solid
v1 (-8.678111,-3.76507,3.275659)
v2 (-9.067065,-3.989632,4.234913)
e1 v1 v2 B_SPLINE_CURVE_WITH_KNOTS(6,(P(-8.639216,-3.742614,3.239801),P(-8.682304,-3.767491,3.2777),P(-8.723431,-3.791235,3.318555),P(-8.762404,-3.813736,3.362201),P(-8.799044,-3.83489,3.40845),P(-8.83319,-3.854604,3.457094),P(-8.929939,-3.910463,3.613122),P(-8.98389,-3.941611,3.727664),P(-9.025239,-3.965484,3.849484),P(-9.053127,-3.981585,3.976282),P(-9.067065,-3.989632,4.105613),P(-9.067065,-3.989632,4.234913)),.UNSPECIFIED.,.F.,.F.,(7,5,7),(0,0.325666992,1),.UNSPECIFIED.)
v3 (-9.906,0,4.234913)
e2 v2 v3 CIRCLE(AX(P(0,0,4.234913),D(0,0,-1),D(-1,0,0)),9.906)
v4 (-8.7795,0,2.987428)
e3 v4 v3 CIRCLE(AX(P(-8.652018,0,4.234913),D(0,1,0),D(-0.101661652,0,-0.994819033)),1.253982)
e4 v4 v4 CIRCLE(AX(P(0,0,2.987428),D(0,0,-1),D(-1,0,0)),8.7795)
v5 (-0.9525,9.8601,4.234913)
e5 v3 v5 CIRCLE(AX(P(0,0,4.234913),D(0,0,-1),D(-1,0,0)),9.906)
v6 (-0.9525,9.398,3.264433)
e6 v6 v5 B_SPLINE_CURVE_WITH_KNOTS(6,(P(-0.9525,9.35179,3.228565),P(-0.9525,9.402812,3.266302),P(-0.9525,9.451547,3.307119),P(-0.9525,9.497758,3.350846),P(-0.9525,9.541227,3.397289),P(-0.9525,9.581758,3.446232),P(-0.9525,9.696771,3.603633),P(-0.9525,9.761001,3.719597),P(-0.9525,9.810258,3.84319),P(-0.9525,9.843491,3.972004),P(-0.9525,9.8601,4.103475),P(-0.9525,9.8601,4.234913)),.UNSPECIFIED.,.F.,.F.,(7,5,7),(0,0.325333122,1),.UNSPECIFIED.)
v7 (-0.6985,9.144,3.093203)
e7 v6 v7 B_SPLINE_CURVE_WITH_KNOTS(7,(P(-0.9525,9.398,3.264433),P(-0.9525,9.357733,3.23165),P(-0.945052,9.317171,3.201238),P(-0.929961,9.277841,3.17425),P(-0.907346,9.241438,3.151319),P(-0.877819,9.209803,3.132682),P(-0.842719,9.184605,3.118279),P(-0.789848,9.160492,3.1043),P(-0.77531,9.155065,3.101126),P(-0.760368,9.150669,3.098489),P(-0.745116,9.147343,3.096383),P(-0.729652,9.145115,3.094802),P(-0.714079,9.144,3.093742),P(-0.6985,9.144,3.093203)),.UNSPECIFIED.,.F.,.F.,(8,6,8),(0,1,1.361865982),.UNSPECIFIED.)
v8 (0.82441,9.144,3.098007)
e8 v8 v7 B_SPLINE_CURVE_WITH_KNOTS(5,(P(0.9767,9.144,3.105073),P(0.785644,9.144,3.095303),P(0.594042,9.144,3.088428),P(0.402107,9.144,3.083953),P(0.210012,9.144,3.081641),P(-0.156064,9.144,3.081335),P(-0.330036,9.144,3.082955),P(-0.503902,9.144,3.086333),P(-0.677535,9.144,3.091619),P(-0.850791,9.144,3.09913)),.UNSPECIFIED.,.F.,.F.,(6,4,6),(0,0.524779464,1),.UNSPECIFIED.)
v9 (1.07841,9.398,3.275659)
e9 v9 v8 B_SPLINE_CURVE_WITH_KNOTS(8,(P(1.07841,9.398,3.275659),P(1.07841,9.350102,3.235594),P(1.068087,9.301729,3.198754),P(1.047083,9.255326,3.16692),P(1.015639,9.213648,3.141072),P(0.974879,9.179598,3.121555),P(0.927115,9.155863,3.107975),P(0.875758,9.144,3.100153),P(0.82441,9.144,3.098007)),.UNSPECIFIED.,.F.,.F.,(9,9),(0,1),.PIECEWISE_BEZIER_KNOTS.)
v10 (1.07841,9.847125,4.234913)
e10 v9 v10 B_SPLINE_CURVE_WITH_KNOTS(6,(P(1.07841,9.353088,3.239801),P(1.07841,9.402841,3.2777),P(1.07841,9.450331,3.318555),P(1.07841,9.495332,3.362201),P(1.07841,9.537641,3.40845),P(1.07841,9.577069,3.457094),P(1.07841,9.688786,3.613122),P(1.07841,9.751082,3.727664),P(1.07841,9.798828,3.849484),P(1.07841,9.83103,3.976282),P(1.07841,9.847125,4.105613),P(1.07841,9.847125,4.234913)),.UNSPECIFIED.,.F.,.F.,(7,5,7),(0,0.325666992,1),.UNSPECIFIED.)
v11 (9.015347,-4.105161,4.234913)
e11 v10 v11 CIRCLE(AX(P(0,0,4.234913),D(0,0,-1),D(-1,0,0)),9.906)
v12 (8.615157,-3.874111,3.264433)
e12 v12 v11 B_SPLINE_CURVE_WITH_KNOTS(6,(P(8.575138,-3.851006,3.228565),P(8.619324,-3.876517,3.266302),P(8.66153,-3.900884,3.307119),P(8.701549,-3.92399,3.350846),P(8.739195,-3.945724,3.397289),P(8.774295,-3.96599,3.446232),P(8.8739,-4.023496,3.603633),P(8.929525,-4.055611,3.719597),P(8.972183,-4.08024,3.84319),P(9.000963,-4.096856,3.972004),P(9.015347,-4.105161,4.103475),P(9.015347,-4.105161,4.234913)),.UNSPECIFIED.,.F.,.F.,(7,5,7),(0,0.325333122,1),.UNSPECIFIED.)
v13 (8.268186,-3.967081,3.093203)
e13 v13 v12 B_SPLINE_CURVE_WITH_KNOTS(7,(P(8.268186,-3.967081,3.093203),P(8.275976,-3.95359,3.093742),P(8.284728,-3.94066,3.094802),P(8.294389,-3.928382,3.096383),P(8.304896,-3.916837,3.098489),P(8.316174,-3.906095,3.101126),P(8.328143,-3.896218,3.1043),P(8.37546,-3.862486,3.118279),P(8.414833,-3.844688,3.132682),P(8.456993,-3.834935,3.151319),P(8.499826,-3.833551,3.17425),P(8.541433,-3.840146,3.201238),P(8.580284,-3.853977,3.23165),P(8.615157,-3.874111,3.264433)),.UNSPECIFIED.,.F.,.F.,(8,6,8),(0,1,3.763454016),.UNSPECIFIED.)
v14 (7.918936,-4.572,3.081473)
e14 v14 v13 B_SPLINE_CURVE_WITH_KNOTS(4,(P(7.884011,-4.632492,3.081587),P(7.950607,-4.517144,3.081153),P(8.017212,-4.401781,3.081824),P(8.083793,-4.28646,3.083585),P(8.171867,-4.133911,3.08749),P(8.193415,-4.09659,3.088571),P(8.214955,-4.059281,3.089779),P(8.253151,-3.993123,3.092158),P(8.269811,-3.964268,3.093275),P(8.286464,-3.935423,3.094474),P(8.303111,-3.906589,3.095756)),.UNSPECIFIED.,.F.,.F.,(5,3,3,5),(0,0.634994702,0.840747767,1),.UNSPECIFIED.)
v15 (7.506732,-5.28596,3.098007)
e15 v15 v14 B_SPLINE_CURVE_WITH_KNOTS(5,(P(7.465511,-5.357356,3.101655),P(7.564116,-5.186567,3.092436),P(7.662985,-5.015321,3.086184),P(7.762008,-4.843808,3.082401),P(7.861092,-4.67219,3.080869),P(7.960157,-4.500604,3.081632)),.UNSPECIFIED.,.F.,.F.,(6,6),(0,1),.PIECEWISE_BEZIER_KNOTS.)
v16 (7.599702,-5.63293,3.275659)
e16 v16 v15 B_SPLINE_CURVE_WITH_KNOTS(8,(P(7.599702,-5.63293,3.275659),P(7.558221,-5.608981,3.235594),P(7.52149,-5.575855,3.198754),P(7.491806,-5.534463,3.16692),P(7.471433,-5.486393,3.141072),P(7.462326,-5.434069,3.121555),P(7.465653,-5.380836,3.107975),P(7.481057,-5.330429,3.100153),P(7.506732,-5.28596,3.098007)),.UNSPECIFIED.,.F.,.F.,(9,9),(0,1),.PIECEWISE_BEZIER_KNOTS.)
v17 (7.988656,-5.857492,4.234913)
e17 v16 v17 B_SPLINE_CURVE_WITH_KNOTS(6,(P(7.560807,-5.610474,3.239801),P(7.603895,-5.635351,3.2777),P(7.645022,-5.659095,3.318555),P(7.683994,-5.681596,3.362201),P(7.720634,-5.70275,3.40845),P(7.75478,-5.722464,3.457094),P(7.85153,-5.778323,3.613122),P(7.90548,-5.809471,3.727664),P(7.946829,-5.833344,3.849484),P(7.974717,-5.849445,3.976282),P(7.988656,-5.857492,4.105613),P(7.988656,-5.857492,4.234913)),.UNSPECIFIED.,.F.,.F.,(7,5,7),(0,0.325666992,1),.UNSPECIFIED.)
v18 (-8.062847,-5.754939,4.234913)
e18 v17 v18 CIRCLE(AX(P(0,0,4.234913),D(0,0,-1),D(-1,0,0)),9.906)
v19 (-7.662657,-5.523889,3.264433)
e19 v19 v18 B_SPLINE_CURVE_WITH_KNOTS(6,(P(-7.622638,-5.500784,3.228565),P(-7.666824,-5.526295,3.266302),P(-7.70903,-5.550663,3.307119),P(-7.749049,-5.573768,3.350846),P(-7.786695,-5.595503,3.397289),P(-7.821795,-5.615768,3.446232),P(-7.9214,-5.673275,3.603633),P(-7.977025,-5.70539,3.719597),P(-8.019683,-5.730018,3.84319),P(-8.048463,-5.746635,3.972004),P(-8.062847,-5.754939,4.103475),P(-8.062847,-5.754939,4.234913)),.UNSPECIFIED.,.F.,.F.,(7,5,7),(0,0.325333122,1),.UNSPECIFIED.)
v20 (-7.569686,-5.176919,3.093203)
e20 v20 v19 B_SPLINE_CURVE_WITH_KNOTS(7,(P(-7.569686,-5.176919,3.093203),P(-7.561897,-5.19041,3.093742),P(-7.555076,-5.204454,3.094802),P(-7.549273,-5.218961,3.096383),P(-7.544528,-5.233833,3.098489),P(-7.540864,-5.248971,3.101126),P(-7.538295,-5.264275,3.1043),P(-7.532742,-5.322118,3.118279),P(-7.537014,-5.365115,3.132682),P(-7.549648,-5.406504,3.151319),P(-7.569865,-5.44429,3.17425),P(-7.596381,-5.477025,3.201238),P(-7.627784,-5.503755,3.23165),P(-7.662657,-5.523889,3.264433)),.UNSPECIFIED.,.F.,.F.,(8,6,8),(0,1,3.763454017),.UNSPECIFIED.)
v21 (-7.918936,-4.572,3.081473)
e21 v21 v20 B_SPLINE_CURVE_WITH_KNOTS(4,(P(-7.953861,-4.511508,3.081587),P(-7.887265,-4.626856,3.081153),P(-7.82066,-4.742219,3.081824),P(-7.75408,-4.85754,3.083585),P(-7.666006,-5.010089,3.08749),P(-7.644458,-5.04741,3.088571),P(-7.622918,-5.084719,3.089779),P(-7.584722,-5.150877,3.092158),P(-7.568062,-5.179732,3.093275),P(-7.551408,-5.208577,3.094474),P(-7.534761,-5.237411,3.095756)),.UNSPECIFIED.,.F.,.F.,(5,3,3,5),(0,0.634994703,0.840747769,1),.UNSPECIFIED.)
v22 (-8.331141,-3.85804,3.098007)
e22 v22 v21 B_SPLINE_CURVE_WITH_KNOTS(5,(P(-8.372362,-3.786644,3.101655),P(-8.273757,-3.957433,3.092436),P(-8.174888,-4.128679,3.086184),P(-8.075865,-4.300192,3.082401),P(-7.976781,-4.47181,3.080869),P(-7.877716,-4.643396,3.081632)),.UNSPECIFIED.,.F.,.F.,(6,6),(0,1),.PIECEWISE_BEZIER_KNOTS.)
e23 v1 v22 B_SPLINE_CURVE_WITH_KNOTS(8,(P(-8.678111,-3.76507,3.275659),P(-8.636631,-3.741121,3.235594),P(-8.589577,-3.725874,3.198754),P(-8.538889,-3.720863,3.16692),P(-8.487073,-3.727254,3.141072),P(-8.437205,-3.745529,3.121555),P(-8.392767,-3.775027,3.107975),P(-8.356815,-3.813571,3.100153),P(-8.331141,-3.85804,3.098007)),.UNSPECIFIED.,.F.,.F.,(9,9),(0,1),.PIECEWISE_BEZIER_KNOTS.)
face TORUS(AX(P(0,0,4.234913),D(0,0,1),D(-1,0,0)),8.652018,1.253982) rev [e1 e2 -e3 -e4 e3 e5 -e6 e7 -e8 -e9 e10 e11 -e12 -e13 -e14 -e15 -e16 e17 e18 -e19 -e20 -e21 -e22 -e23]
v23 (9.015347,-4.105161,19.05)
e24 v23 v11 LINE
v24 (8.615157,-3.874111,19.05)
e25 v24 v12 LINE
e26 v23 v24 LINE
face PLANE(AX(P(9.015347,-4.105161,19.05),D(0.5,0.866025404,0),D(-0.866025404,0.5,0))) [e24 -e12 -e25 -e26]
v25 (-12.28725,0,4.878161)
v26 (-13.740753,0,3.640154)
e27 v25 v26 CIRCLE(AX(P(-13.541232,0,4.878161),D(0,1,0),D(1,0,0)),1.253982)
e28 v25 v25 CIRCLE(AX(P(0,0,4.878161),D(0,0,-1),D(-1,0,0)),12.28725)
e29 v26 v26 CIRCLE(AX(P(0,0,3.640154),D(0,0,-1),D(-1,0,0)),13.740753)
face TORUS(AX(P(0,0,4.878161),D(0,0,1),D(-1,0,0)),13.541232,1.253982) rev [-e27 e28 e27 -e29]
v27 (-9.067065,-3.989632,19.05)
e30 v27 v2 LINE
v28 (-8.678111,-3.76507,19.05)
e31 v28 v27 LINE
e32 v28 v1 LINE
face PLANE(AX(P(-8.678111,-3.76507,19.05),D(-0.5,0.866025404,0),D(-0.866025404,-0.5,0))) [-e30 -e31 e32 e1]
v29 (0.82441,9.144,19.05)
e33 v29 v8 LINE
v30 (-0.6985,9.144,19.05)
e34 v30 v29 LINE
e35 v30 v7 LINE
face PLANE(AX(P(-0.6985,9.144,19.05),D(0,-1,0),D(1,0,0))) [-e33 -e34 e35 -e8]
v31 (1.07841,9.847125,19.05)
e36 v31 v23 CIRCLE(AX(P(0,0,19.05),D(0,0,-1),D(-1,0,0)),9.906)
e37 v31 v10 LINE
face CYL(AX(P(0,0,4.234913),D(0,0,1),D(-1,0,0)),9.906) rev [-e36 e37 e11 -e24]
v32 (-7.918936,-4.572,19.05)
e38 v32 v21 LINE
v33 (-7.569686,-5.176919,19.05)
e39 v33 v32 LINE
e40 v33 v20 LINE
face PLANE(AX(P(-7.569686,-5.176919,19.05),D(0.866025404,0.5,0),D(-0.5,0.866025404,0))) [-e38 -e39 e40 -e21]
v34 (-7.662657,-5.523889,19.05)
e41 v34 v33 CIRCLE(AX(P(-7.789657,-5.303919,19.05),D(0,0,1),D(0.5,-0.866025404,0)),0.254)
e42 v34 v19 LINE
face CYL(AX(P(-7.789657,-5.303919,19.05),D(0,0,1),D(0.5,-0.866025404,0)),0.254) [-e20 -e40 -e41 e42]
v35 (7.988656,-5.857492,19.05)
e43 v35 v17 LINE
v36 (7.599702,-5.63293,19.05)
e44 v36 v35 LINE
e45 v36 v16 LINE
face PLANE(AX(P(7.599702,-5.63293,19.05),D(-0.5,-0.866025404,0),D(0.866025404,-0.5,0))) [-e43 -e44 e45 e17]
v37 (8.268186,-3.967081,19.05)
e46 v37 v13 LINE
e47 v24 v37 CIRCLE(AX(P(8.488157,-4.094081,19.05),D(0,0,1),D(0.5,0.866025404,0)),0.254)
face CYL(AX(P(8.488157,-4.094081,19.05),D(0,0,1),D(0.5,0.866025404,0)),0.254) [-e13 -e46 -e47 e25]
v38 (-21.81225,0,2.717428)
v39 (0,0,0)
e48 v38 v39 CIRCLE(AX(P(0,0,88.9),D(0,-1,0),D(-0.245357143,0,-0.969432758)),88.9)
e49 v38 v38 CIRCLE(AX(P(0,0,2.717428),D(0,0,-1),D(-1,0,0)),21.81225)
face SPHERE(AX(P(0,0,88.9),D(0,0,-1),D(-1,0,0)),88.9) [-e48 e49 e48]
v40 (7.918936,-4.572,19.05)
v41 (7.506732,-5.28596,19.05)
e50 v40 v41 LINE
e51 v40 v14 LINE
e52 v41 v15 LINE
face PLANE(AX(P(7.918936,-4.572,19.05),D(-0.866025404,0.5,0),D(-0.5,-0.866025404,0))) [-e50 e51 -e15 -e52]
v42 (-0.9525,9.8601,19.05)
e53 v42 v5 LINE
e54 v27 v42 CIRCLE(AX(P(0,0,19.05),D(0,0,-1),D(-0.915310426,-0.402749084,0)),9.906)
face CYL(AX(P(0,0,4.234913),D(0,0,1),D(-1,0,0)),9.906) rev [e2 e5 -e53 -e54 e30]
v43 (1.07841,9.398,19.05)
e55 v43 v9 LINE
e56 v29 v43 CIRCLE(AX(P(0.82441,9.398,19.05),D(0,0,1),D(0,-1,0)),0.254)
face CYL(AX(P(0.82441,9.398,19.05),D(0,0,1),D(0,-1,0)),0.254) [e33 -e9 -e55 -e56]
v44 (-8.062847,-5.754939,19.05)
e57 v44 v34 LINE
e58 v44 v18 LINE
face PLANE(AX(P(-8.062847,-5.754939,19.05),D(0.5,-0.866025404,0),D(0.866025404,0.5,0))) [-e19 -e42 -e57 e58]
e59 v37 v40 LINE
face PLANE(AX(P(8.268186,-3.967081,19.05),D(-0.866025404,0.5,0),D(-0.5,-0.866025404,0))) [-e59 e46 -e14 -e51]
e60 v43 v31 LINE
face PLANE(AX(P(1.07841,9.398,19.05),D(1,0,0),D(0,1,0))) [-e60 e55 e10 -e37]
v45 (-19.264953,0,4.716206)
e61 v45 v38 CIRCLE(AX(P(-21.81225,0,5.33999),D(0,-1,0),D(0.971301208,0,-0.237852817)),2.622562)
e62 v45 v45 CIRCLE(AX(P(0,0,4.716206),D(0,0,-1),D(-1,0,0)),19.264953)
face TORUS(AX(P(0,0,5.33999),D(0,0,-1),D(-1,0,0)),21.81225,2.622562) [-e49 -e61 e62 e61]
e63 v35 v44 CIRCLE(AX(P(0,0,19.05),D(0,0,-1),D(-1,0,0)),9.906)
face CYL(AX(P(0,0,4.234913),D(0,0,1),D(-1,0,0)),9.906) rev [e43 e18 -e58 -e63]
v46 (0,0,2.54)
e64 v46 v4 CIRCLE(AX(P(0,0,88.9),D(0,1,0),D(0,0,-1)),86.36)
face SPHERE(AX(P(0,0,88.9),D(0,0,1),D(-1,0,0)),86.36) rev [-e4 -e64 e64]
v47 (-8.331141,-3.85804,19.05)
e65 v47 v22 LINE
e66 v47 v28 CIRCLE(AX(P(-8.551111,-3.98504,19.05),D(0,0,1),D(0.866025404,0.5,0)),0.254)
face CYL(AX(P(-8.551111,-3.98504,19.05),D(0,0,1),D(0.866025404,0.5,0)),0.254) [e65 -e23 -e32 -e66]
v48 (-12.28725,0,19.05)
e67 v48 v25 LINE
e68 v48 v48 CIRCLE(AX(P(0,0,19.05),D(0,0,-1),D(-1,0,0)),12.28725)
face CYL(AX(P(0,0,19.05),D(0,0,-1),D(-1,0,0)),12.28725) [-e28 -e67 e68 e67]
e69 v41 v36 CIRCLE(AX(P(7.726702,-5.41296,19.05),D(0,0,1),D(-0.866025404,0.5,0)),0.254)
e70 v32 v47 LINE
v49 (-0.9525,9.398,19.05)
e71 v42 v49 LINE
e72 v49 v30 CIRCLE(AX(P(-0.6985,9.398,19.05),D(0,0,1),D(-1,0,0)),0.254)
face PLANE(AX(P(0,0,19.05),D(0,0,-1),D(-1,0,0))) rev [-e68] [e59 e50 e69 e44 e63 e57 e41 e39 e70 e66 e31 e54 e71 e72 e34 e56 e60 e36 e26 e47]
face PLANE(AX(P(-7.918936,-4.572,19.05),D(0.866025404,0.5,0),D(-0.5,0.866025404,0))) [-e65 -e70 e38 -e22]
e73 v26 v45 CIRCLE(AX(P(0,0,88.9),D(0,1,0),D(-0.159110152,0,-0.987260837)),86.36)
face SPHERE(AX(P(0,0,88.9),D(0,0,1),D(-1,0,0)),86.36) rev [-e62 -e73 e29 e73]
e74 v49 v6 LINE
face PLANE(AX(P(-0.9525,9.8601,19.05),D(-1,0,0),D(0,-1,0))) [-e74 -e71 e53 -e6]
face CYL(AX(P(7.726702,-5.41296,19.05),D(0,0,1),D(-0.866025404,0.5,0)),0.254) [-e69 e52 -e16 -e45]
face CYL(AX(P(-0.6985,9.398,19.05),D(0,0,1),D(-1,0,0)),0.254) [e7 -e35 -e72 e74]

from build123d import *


with BuildPart() as f1:
    # F0 (on Front) → F1 (revolve)
    with BuildSketch(Plane.XZ):
        with BuildLine():
            ThreePointArc((-19.26495263, 4.7162058341), (-23.4311877301, 7.4032080377), (-21.81225, 2.7174278062))
            ThreePointArc((-21.81225, 2.7174278062), (-10.9904352046, 0.6819727379), (0, 0))
            Line((0, 0), (0, 2.54))
            ThreePointArc((0, 2.54), (-4.3954469945, 2.6519296116), (-8.7795002726, 2.9874283067))
            ThreePointArc((-8.7795002726, 2.9874283067), (-9.5826981972, 3.3944935289), (-9.906, 4.2349130346))
            Line((-9.906, 4.2349130346), (-9.906, 19.05))
            Line((-9.906, 19.05), (-12.28725, 19.05))
            Line((-12.28725, 19.05), (-12.28725, 4.8781610439))
            ThreePointArc((-12.28725, 4.8781610439), (-12.7281282932, 3.9235235029), (-13.7407527629, 3.640154155))
            ThreePointArc((-13.7407527629, 3.640154155), (-16.5116207237, 4.1331669751), (-19.26495263, 4.7162058341))
        make_face()
    revolve(axis=Axis((0, 0, 8.8763436288), (0, 0, -1)))

    # F2 (on face) → F3 (join, up to the next surface of F1)
    with BuildSketch(Plane.XY.offset(19.05)):
        with BuildLine():
            Line((-8.6781114985, -3.7650699709), (-9.0670650774, -3.9896324244))
            ThreePointArc((-9.0670650774, -3.9896324244), (-8.6103166462, -4.8980897554), (-8.0628474238, -5.7549393934))
            Line((-8.0628474238, -5.7549393934), (-7.6626567448, -5.5238891971))
            ThreePointArc((-7.6626567448, -5.5238891971), (-7.5443115849, -5.369658782), (-7.5696862922, -5.1769187445))
            Line((-7.5696862922, -5.1769187445), (-7.9189362922, -4.572))
            Line((-7.9189362922, -4.572), (-8.3311410459, -3.8580404235))
            ThreePointArc((-8.3311410459, -3.8580404235), (-8.485371461, -3.7396952636), (-8.6781114985, -3.7650699709))
        make_face()
        with BuildLine():
            ThreePointArc((7.98865557, -5.8574924826), (8.5470284813, -5.0077080726), (9.0153474238, -4.1051609991))
            Line((9.0153474238, -4.1051609991), (8.6151567448, -3.8741108029))
            ThreePointArc((8.6151567448, -3.8741108029), (8.4224167073, -3.8487360956), (8.2681862922, -3.9670812555))
            Line((8.2681862922, -3.9670812555), (7.9189362922, -4.572))
            Line((7.9189362922, -4.572), (7.5067315385, -5.2859595765))
            ThreePointArc((7.5067315385, -5.2859595765), (7.4813568312, -5.478699614), (7.5997019911, -5.6329300291))
            Line((7.5997019911, -5.6329300291), (7.98865557, -5.8574924826))
        make_face()
        with BuildLine():
            ThreePointArc((-0.9525, 9.398), (-0.8781051224, 9.2183948776), (-0.6985, 9.144))
            Line((-0.6985, 9.144), (0, 9.144))
            Line((0, 9.144), (0.8244095074, 9.144))
            ThreePointArc((0.8244095074, 9.144), (1.0040146298, 9.2183948776), (1.0784095074, 9.398))
            Line((1.0784095074, 9.398), (1.0784095074, 9.847124907))
            ThreePointArc((1.0784095074, 9.847124907), (0.0632881649, 9.9057978279), (-0.9525, 9.8601003925))
            Line((-0.9525, 9.8601003925), (-0.9525, 9.398))
        make_face()
    extrude(until=Until.NEXT, dir=(0, 0, -1))


solid = f1.part
